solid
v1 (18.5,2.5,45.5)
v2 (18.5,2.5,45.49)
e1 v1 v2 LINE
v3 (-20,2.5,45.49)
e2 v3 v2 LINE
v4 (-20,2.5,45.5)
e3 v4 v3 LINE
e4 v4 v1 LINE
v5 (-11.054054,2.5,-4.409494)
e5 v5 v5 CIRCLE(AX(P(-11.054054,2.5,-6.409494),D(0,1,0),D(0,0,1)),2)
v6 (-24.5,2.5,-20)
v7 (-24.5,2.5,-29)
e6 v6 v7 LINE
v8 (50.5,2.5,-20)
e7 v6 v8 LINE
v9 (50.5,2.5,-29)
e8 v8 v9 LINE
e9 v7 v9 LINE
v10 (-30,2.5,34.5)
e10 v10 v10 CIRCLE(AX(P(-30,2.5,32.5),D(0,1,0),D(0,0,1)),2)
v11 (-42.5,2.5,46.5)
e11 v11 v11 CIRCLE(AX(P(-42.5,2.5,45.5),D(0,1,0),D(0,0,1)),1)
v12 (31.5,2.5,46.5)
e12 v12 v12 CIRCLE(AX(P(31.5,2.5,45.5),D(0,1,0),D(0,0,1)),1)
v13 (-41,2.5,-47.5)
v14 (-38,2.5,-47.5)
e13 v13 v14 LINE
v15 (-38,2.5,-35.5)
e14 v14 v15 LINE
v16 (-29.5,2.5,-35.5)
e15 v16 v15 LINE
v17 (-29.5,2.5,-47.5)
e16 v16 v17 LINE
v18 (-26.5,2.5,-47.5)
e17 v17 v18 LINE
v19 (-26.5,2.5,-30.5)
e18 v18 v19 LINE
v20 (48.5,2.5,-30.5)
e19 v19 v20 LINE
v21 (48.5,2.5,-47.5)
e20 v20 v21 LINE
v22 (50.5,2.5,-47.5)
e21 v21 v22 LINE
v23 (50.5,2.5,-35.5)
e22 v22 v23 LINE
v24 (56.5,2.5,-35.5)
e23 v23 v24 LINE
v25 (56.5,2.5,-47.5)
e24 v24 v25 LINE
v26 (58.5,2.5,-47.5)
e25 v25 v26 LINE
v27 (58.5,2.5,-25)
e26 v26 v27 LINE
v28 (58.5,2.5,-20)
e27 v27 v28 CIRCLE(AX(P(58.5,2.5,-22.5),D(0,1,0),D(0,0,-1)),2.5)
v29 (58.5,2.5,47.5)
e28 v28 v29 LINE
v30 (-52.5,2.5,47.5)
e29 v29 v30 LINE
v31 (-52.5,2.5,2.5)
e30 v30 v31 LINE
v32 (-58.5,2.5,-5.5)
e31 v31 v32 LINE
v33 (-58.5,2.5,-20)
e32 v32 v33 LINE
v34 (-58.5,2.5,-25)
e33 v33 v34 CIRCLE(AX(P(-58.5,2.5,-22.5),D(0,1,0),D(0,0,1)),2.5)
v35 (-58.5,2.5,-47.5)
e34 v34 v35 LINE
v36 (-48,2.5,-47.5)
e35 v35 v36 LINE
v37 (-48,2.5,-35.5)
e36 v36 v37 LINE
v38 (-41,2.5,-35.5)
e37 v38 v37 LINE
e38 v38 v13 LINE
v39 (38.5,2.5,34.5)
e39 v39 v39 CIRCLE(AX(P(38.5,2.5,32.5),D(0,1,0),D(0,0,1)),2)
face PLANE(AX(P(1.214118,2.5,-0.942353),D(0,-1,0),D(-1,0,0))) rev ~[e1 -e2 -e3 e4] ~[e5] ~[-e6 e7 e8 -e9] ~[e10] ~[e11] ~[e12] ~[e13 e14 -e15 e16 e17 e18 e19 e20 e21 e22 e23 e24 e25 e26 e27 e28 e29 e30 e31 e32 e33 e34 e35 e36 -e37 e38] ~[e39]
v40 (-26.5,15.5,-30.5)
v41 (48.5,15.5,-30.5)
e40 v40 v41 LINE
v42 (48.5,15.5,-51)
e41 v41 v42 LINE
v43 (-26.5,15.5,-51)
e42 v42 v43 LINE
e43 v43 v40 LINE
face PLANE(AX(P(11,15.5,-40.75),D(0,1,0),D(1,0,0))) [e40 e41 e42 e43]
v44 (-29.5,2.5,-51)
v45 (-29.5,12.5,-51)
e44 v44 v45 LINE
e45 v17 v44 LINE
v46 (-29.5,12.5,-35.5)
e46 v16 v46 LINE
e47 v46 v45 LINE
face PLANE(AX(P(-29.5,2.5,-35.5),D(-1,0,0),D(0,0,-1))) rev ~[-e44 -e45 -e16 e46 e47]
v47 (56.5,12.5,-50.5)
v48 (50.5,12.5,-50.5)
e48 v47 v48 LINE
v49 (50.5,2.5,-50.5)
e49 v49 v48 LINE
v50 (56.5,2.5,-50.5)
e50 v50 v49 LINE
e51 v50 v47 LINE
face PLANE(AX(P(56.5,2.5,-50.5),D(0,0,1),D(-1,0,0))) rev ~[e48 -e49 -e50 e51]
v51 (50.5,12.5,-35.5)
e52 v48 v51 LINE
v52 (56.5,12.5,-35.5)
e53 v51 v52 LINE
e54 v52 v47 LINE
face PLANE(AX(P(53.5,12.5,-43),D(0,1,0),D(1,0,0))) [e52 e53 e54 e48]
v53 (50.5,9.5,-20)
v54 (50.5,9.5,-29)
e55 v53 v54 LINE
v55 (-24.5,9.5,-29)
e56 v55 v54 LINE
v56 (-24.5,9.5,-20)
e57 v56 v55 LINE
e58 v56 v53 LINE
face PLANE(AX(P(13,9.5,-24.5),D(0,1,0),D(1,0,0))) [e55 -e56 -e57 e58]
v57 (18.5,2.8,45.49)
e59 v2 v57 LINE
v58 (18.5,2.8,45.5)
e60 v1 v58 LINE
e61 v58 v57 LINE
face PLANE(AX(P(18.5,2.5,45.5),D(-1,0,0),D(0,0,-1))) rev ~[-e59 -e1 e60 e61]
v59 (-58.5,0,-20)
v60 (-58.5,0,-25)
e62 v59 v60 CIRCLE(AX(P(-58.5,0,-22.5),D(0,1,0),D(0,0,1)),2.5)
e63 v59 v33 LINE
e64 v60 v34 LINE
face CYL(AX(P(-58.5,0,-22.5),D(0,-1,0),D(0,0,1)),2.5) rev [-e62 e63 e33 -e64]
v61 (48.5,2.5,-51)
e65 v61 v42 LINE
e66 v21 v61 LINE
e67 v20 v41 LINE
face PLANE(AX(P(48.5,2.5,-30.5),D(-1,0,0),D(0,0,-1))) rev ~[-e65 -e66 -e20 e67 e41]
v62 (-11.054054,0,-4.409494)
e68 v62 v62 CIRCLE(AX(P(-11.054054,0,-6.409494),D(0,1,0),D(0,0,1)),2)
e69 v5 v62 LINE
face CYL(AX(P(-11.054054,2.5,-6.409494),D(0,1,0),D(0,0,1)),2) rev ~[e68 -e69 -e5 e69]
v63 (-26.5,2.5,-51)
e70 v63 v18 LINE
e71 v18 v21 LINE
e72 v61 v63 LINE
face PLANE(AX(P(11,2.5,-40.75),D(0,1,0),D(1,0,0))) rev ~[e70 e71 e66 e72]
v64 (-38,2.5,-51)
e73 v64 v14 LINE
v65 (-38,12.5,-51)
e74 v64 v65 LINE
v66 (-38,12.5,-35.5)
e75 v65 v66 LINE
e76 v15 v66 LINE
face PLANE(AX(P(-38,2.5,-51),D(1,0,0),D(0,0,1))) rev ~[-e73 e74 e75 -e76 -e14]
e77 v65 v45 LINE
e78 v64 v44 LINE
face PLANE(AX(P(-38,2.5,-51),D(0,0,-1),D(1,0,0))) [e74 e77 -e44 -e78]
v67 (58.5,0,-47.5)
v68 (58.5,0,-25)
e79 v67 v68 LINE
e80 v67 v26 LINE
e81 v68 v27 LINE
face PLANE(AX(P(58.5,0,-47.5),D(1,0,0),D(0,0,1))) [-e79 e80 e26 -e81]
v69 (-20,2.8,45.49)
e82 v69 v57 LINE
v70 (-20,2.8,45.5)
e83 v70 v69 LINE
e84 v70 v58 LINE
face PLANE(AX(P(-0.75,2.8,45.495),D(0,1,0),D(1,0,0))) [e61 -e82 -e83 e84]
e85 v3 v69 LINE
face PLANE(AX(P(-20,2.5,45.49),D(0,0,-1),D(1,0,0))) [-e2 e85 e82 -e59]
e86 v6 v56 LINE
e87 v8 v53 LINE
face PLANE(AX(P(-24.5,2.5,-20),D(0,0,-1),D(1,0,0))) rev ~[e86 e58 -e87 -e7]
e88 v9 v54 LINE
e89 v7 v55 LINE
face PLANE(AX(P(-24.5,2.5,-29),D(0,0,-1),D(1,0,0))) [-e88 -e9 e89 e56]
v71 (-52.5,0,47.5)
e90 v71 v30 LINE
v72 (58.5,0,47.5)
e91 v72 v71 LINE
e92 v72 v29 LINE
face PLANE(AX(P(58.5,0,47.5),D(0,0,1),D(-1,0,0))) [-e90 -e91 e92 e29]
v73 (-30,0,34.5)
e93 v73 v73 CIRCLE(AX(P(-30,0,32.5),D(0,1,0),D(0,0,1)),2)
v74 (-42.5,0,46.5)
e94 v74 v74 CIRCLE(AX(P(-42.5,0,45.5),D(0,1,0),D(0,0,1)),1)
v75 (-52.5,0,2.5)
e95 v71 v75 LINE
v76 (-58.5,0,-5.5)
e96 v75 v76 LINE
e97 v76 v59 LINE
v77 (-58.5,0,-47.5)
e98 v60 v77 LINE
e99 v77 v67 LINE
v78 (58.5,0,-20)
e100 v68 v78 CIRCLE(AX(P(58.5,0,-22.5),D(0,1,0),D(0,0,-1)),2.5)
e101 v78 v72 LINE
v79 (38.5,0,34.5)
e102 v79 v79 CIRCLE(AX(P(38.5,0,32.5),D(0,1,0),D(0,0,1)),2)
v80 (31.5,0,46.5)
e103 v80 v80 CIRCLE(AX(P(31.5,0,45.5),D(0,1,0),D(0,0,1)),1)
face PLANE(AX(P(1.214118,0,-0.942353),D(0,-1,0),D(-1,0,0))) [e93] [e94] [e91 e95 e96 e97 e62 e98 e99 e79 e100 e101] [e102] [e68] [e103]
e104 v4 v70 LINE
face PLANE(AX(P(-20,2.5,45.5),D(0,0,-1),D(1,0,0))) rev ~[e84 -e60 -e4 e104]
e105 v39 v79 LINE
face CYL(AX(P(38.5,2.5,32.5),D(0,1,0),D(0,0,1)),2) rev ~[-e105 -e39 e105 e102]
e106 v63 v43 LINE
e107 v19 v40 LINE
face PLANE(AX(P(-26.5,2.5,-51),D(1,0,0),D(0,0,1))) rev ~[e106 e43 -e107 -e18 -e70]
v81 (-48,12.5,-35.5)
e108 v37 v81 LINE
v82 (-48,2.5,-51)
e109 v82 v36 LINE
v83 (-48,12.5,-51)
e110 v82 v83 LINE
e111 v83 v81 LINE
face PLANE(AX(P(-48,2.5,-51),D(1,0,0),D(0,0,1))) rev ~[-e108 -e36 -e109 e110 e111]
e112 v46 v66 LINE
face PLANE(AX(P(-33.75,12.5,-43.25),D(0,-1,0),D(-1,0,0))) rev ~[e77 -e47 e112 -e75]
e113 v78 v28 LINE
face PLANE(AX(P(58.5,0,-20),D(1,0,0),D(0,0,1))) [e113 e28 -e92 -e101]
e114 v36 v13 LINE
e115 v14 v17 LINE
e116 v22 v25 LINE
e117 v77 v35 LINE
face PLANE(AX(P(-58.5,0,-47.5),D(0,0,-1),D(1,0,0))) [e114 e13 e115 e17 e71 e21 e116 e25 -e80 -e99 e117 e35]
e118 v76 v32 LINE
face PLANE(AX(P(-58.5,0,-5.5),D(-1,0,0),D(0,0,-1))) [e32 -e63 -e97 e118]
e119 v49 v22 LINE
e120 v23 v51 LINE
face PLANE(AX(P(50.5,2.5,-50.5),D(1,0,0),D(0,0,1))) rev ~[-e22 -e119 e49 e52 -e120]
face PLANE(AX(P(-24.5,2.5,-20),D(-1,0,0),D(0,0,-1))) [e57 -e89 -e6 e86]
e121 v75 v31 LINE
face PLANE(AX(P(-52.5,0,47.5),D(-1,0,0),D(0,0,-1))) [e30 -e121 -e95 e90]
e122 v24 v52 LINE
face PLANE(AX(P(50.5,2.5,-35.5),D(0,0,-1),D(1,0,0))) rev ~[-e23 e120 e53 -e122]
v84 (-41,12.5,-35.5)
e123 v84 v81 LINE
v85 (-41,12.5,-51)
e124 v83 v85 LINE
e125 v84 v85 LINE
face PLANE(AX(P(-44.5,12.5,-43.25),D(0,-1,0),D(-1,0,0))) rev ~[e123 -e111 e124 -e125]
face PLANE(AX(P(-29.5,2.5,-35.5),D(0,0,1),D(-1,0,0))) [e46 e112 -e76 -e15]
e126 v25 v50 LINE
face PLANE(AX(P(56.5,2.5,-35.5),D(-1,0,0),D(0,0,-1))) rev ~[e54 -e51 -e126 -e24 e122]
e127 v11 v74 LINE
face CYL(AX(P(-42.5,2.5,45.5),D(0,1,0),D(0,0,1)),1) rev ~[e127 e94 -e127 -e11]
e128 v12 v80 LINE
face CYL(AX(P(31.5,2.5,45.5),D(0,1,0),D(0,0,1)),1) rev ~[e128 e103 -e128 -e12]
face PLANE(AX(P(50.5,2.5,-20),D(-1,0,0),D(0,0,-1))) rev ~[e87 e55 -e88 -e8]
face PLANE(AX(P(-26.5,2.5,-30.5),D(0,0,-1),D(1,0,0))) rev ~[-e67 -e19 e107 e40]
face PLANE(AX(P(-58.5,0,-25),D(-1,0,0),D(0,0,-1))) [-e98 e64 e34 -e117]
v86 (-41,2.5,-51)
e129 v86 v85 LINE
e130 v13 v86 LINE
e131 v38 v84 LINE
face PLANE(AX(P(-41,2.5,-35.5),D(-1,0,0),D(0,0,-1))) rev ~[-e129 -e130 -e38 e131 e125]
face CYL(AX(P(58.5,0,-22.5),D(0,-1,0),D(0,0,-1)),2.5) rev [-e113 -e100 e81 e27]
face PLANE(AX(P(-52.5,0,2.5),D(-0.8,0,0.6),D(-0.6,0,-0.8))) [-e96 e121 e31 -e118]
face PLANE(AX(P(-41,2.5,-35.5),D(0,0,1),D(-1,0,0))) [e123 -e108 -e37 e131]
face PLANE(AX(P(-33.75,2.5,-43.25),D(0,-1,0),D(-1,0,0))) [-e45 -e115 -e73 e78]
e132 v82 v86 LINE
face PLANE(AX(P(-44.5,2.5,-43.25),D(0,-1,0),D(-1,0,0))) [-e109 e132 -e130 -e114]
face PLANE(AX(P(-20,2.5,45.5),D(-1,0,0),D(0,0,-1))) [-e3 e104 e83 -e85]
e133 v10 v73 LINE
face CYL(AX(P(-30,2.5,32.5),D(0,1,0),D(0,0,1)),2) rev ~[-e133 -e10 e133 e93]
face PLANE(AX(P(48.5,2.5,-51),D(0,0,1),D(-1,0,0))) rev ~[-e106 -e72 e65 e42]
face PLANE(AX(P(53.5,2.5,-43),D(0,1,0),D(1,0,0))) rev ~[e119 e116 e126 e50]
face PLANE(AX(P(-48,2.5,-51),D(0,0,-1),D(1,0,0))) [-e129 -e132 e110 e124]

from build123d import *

# Parameters (mm, degrees)
BOSS_EXTRUDE1_DEPTH = 2.5
SKETCH2_R           = 2
SKETCH2_R_2         = 1
CUT_EXTRUDE1_DEPTH  = 5
BOSS_EXTRUDE2_DEPTH = 13
SKETCH6_W           = 75
SKETCH6_H           = 9
BOSS_EXTRUDE3_DEPTH = 7
BOSS_EXTRUDE4_DEPTH = 10
SKETCH8_W           = 38.5
SKETCH8_H           = 0.01
BOSS_EXTRUDE5_DEPTH = 0.3


with BuildPart() as part:
    # Sketch1 → Boss-Extrude1 (new body)
    with BuildSketch(Plane(origin=(0, 0, 0), x_dir=(1, 0, 0), z_dir=(0, 1, 0))):
        with BuildLine():
            Line((-58.5, 47.5), (58.5, 47.5))
            Line((58.5, 47.5), (58.5, 25))
            ThreePointArc((58.5, 25), (56, 22.5), (58.5, 20))
            Line((58.5, 20), (58.5, -47.5))
            Line((58.5, -47.5), (-52.5, -47.5))
            Line((-52.5, -47.5), (-52.5, -2.5))
            Line((-52.5, -2.5), (-58.5, 5.5))
            Line((-58.5, 5.5), (-58.5, 20))
            ThreePointArc((-58.5, 20), (-56, 22.5), (-58.5, 25))
            Line((-58.5, 25), (-58.5, 47.5))
        make_face()
    extrude(amount=BOSS_EXTRUDE1_DEPTH)

    # Sketch2 → Cut-Extrude1 (cut)
    with BuildSketch(Plane(origin=(0, 2.5, 0), x_dir=(1, 0, 0), z_dir=(0, 1, 0))):
        with Locations(Location((-11.054054054, 6.409494198, 0), (0, 0, 270))):
            Circle(SKETCH2_R)
        with Locations(Location((-30, -32.5, 0), (0, 0, 270))):
            Circle(SKETCH2_R)
        with Locations(Location((38.5, -32.5, 0), (0, 0, 270))):
            Circle(SKETCH2_R)
        with Locations(Location((-42.5, -45.5, 0), (0, 0, 270))):
            Circle(SKETCH2_R_2)
        with Locations(Location((31.5, -45.5, 0), (0, 0, 270))):
            Circle(SKETCH2_R_2)
    extrude(amount=-CUT_EXTRUDE1_DEPTH, mode=Mode.SUBTRACT)

    # Sketch3 → Boss-Extrude2 (add)
    with BuildSketch(Plane(origin=(0, 2.5, 0), x_dir=(1, 0, 0), z_dir=(0, 1, 0))):
        Polygon((-26.5, 47.5), (-26.5, 30.5), (48.5, 30.5), (48.5, 47.5), (48.5, 51), (-26.5, 51), align=None)
    extrude(amount=BOSS_EXTRUDE2_DEPTH)

    # Sketch6 → Boss-Extrude3 (add)
    with BuildSketch(Plane(origin=(0, 2.5, 0), x_dir=(1, 0, 0), z_dir=(0, 1, 0))):
        with Locations((13, 24.5)):
            Rectangle(SKETCH6_W, SKETCH6_H)
    extrude(amount=BOSS_EXTRUDE3_DEPTH)

    # Sketch7 → Boss-Extrude4 (add)
    with BuildSketch(Plane(origin=(0, 2.5, 0), x_dir=(1, 0, 0), z_dir=(0, 1, 0))):
        Polygon((50.5, 47.5), (50.5, 35.5), (56.5, 35.5), (56.5, 47.5), (56.5, 50.5), (50.5, 50.5), align=None)
        Polygon((-29.5, 47.5), (-29.5, 35.5), (-38, 35.5), (-38, 47.5), (-38, 51), (-29.5, 51), align=None)
        Polygon((-41, 35.5), (-48, 35.5), (-48, 47.5), (-48, 51), (-41, 51), (-41, 47.5), align=None)
    extrude(amount=BOSS_EXTRUDE4_DEPTH)

    # Sketch8 → Boss-Extrude5 (add)
    with BuildSketch(Plane(origin=(0, 2.5, 0), x_dir=(1, 0, 0), z_dir=(0, 1, 0))):
        with Locations((-0.75, -45.495)):
            Rectangle(SKETCH8_W, SKETCH8_H)
    extrude(amount=BOSS_EXTRUDE5_DEPTH)


solid = part.part
